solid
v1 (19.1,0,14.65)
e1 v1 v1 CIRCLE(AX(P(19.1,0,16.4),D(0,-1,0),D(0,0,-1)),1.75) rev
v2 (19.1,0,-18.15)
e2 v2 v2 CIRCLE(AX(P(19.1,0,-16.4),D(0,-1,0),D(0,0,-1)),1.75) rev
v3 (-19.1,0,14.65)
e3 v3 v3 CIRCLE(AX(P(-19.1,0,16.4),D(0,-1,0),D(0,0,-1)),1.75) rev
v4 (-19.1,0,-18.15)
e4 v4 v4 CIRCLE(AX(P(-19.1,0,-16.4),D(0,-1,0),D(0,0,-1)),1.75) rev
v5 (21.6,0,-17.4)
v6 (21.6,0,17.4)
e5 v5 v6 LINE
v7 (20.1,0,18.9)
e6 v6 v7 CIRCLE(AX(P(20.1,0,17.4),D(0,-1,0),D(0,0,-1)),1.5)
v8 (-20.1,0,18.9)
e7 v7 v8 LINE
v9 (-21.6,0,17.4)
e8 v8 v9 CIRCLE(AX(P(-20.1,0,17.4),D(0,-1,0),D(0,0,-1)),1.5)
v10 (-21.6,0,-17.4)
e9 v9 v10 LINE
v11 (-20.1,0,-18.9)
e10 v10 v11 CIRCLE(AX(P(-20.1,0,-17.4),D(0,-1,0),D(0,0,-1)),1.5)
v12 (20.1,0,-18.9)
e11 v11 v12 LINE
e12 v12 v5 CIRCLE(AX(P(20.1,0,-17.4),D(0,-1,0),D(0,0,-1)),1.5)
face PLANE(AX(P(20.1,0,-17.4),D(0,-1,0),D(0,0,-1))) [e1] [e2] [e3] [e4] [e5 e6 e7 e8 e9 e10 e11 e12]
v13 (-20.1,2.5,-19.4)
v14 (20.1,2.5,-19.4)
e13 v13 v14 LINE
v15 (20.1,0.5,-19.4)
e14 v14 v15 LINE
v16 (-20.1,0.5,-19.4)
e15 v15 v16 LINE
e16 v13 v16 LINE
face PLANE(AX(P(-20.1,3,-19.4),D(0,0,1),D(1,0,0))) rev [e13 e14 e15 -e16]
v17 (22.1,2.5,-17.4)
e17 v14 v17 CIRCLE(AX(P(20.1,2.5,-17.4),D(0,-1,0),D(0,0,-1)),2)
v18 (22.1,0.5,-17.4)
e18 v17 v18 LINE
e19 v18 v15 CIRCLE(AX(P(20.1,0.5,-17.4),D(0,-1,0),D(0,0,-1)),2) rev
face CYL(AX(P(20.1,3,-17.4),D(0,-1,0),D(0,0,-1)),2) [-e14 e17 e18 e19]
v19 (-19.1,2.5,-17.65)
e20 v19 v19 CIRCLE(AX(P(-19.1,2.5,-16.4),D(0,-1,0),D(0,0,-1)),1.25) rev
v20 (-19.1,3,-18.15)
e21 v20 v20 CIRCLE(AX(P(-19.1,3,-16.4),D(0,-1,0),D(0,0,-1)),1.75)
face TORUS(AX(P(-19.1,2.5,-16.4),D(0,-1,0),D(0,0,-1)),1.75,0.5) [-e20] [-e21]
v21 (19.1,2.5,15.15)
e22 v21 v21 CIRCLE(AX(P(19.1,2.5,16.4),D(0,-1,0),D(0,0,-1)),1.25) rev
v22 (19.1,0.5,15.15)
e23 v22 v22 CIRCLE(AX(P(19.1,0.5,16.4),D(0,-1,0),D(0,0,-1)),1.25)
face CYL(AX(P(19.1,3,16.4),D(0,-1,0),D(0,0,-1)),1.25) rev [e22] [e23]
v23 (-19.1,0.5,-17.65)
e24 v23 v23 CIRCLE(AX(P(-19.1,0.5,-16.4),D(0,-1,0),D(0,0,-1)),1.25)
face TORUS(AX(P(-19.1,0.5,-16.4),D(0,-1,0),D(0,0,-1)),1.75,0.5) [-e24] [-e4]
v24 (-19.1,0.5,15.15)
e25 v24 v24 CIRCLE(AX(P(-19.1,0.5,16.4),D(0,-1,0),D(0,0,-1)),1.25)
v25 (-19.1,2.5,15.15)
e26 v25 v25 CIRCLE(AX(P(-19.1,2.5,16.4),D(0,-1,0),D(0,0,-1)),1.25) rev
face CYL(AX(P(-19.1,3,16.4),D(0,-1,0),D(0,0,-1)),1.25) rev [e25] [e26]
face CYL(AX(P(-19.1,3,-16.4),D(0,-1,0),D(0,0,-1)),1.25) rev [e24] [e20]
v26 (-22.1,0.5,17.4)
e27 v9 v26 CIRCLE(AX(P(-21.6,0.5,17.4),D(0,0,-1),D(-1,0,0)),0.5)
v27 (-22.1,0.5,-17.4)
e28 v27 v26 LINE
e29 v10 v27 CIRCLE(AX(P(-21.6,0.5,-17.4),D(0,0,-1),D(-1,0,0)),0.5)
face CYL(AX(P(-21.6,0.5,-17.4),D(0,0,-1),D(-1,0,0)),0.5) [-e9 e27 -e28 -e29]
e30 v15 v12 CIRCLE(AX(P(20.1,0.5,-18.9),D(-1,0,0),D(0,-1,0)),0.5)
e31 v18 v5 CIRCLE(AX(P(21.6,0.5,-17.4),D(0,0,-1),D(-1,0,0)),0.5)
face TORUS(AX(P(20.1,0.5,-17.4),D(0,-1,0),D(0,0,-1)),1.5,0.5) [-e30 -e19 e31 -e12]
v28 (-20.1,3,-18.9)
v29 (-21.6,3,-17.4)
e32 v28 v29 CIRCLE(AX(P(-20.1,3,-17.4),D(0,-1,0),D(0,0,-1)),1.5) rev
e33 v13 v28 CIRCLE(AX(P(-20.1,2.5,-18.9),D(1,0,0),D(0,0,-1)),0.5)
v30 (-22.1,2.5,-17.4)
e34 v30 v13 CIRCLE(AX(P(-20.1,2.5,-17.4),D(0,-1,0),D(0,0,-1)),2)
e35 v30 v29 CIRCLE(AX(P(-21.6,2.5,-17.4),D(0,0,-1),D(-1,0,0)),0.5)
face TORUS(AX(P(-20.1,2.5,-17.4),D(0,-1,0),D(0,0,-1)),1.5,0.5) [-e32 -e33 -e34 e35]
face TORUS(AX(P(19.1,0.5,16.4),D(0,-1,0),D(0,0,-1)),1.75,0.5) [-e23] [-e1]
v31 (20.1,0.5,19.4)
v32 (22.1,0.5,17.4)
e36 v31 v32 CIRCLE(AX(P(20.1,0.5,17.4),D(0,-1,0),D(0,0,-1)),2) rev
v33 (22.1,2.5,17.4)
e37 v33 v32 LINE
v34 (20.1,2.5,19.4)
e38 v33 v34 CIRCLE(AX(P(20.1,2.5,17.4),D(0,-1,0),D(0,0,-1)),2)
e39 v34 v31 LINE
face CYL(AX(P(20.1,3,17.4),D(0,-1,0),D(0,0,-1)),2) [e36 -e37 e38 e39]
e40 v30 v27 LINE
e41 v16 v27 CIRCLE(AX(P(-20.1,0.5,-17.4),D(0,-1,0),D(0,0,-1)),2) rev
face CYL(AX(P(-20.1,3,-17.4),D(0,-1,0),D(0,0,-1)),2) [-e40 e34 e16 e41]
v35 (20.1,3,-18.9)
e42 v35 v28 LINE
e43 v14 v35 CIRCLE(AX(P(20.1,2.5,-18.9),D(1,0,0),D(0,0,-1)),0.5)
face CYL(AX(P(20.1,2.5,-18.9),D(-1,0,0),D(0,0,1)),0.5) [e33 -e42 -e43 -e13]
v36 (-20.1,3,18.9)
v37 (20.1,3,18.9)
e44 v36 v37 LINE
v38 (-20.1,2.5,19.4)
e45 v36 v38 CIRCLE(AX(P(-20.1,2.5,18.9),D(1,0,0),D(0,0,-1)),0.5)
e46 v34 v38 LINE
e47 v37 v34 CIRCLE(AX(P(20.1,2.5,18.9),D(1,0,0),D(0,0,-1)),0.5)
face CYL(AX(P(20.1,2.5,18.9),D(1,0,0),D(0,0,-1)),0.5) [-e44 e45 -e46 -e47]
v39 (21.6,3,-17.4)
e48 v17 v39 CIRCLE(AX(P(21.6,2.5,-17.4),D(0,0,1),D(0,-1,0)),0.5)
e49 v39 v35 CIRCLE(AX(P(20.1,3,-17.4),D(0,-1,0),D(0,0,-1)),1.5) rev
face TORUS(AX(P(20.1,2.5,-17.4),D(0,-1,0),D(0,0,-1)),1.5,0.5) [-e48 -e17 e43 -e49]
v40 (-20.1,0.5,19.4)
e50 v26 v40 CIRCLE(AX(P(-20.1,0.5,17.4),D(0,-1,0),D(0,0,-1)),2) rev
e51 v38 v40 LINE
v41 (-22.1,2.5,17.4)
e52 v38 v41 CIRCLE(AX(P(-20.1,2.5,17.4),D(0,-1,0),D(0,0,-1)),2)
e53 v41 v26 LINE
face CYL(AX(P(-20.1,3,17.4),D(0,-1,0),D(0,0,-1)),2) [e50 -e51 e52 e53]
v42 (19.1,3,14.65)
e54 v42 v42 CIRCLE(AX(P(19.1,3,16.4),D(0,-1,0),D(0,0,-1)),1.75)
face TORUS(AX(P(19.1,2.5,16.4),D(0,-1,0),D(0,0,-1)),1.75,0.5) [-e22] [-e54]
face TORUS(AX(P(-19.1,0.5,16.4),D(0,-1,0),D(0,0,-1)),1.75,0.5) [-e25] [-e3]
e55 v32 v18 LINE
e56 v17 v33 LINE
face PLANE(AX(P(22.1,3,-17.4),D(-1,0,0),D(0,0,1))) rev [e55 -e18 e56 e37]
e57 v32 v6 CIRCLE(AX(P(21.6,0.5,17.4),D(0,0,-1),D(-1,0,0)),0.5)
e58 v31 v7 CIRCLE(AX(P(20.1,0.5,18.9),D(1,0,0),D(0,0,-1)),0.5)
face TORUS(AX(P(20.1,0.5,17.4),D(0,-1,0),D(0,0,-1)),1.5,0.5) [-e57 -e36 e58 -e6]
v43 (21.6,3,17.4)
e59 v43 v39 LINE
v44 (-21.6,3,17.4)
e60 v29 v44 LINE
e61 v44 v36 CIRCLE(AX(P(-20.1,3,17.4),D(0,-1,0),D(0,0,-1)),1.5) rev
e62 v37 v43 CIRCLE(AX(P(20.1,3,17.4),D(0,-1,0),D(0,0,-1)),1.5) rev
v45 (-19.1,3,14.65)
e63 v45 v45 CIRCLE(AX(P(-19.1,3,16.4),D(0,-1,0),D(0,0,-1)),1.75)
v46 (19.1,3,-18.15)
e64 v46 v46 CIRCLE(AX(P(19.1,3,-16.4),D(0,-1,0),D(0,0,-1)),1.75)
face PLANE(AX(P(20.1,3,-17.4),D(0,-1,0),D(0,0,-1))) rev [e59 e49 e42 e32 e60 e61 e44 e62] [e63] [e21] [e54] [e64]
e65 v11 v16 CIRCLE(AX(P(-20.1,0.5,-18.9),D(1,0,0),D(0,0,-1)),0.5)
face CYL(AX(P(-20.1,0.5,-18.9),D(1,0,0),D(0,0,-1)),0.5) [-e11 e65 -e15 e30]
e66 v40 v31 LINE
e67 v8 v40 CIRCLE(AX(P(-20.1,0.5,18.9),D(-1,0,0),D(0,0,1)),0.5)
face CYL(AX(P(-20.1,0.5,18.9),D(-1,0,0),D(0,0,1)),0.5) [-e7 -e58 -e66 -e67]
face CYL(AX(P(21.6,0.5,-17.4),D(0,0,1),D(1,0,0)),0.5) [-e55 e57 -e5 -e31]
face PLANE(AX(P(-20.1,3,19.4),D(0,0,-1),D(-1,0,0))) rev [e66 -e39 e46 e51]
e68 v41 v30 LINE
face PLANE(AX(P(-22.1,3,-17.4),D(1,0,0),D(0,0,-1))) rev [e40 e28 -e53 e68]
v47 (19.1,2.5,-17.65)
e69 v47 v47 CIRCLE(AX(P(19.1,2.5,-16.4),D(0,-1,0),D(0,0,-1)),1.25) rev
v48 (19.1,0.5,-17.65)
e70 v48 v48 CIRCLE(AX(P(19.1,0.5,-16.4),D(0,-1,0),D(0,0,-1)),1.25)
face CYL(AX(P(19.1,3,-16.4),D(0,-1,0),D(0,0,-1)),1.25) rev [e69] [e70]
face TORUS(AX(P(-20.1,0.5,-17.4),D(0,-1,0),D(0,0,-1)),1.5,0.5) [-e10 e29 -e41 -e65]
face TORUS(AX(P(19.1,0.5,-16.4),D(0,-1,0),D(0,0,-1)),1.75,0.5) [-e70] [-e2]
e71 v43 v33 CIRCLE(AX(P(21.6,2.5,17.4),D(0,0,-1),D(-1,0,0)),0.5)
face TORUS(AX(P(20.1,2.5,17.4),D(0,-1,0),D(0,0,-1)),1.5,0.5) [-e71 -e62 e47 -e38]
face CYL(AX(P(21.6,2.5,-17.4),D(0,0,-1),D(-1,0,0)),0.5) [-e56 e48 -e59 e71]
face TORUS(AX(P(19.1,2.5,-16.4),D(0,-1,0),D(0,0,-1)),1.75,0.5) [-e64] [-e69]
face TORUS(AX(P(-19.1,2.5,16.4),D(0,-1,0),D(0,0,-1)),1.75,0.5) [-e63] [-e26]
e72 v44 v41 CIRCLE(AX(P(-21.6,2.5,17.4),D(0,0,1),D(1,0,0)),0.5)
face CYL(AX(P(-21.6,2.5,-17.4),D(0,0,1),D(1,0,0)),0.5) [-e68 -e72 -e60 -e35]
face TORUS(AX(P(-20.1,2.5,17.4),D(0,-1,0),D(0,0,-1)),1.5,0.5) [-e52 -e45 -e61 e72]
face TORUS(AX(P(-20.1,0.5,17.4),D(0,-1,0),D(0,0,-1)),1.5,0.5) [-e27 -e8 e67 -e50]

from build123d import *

# Parameters (mm, degrees)
SKETCH2_R           = 1.25
BOSS_EXTRUDE2_DEPTH = 3
FILLET3_R           = 0.5


with BuildPart() as part:
    # Sketch2 → Boss-Extrude2 (new body)
    with BuildSketch(Plane(origin=(0, 0, 0), x_dir=(1, 0, 0), z_dir=(0, 1, 0))):
        with BuildLine():
            Line((-20.1, 19.4), (20.1, 19.4))
            ThreePointArc((20.1, 19.4), (21.514213562, 18.814213562), (22.1, 17.4))
            Line((22.1, 17.4), (22.1, -17.4))
            ThreePointArc((22.1, -17.4), (21.514213562, -18.814213562), (20.1, -19.4))
            Line((20.1, -19.4), (-20.1, -19.4))
            ThreePointArc((-20.1, -19.4), (-21.514213562, -18.814213562), (-22.1, -17.4))
            Line((-22.1, -17.4), (-22.1, 17.4))
            ThreePointArc((-22.1, 17.4), (-21.514213562, 18.814213562), (-20.1, 19.4))
        make_face()
        with Locations(Location((-19.1, 16.4, 0), (0, 0, 270))):
            Circle(SKETCH2_R, mode=Mode.SUBTRACT)
        with Locations(Location((19.1, 16.4, 0), (0, 0, 90))):
            Circle(SKETCH2_R, mode=Mode.SUBTRACT)
        with Locations(Location((19.1, -16.4, 0), (0, 0, 270))):
            Circle(SKETCH2_R, mode=Mode.SUBTRACT)
        with Locations(Location((-19.1, -16.4, 0), (0, 0, 90))):
            Circle(SKETCH2_R, mode=Mode.SUBTRACT)
    extrude(amount=BOSS_EXTRUDE2_DEPTH)

    # Fillet3
    fillet3_edges = [part.edges().sort_by_distance(p)[0] for p in [
        (-22.1, 0, 0),
        (-21.514213562, 0, -18.814213562),
        (0, 0, -19.4),
        (21.514213562, 0, -18.814213562),
        (-21.514213562, 3, -18.814213562),
        (-22.1, 3, 0),
        (-21.514213562, 3, 18.814213562),
        (-19.1, 0, -17.65),
        (-19.1, 3, -17.65),
        (0, 3, 19.4),
        (19.1, 0, -15.15),
        (19.1, 3, -15.15),
        (21.514213562, 3, 18.814213562),
        (19.1, 0, 15.15),
        (19.1, 3, 15.15),
        (22.1, 3, 0),
        (-19.1, 0, 17.65),
        (-19.1, 3, 17.65),
        (21.514213562, 3, -18.814213562),
        (22.1, 0, 0),
        (0, 3, -19.4),
        (21.514213562, 0, 18.814213562),
        (0, 0, 19.4),
        (-21.514213562, 0, 18.814213562),
    ]]
    fillet(fillet3_edges, radius=FILLET3_R)


solid = part.part
